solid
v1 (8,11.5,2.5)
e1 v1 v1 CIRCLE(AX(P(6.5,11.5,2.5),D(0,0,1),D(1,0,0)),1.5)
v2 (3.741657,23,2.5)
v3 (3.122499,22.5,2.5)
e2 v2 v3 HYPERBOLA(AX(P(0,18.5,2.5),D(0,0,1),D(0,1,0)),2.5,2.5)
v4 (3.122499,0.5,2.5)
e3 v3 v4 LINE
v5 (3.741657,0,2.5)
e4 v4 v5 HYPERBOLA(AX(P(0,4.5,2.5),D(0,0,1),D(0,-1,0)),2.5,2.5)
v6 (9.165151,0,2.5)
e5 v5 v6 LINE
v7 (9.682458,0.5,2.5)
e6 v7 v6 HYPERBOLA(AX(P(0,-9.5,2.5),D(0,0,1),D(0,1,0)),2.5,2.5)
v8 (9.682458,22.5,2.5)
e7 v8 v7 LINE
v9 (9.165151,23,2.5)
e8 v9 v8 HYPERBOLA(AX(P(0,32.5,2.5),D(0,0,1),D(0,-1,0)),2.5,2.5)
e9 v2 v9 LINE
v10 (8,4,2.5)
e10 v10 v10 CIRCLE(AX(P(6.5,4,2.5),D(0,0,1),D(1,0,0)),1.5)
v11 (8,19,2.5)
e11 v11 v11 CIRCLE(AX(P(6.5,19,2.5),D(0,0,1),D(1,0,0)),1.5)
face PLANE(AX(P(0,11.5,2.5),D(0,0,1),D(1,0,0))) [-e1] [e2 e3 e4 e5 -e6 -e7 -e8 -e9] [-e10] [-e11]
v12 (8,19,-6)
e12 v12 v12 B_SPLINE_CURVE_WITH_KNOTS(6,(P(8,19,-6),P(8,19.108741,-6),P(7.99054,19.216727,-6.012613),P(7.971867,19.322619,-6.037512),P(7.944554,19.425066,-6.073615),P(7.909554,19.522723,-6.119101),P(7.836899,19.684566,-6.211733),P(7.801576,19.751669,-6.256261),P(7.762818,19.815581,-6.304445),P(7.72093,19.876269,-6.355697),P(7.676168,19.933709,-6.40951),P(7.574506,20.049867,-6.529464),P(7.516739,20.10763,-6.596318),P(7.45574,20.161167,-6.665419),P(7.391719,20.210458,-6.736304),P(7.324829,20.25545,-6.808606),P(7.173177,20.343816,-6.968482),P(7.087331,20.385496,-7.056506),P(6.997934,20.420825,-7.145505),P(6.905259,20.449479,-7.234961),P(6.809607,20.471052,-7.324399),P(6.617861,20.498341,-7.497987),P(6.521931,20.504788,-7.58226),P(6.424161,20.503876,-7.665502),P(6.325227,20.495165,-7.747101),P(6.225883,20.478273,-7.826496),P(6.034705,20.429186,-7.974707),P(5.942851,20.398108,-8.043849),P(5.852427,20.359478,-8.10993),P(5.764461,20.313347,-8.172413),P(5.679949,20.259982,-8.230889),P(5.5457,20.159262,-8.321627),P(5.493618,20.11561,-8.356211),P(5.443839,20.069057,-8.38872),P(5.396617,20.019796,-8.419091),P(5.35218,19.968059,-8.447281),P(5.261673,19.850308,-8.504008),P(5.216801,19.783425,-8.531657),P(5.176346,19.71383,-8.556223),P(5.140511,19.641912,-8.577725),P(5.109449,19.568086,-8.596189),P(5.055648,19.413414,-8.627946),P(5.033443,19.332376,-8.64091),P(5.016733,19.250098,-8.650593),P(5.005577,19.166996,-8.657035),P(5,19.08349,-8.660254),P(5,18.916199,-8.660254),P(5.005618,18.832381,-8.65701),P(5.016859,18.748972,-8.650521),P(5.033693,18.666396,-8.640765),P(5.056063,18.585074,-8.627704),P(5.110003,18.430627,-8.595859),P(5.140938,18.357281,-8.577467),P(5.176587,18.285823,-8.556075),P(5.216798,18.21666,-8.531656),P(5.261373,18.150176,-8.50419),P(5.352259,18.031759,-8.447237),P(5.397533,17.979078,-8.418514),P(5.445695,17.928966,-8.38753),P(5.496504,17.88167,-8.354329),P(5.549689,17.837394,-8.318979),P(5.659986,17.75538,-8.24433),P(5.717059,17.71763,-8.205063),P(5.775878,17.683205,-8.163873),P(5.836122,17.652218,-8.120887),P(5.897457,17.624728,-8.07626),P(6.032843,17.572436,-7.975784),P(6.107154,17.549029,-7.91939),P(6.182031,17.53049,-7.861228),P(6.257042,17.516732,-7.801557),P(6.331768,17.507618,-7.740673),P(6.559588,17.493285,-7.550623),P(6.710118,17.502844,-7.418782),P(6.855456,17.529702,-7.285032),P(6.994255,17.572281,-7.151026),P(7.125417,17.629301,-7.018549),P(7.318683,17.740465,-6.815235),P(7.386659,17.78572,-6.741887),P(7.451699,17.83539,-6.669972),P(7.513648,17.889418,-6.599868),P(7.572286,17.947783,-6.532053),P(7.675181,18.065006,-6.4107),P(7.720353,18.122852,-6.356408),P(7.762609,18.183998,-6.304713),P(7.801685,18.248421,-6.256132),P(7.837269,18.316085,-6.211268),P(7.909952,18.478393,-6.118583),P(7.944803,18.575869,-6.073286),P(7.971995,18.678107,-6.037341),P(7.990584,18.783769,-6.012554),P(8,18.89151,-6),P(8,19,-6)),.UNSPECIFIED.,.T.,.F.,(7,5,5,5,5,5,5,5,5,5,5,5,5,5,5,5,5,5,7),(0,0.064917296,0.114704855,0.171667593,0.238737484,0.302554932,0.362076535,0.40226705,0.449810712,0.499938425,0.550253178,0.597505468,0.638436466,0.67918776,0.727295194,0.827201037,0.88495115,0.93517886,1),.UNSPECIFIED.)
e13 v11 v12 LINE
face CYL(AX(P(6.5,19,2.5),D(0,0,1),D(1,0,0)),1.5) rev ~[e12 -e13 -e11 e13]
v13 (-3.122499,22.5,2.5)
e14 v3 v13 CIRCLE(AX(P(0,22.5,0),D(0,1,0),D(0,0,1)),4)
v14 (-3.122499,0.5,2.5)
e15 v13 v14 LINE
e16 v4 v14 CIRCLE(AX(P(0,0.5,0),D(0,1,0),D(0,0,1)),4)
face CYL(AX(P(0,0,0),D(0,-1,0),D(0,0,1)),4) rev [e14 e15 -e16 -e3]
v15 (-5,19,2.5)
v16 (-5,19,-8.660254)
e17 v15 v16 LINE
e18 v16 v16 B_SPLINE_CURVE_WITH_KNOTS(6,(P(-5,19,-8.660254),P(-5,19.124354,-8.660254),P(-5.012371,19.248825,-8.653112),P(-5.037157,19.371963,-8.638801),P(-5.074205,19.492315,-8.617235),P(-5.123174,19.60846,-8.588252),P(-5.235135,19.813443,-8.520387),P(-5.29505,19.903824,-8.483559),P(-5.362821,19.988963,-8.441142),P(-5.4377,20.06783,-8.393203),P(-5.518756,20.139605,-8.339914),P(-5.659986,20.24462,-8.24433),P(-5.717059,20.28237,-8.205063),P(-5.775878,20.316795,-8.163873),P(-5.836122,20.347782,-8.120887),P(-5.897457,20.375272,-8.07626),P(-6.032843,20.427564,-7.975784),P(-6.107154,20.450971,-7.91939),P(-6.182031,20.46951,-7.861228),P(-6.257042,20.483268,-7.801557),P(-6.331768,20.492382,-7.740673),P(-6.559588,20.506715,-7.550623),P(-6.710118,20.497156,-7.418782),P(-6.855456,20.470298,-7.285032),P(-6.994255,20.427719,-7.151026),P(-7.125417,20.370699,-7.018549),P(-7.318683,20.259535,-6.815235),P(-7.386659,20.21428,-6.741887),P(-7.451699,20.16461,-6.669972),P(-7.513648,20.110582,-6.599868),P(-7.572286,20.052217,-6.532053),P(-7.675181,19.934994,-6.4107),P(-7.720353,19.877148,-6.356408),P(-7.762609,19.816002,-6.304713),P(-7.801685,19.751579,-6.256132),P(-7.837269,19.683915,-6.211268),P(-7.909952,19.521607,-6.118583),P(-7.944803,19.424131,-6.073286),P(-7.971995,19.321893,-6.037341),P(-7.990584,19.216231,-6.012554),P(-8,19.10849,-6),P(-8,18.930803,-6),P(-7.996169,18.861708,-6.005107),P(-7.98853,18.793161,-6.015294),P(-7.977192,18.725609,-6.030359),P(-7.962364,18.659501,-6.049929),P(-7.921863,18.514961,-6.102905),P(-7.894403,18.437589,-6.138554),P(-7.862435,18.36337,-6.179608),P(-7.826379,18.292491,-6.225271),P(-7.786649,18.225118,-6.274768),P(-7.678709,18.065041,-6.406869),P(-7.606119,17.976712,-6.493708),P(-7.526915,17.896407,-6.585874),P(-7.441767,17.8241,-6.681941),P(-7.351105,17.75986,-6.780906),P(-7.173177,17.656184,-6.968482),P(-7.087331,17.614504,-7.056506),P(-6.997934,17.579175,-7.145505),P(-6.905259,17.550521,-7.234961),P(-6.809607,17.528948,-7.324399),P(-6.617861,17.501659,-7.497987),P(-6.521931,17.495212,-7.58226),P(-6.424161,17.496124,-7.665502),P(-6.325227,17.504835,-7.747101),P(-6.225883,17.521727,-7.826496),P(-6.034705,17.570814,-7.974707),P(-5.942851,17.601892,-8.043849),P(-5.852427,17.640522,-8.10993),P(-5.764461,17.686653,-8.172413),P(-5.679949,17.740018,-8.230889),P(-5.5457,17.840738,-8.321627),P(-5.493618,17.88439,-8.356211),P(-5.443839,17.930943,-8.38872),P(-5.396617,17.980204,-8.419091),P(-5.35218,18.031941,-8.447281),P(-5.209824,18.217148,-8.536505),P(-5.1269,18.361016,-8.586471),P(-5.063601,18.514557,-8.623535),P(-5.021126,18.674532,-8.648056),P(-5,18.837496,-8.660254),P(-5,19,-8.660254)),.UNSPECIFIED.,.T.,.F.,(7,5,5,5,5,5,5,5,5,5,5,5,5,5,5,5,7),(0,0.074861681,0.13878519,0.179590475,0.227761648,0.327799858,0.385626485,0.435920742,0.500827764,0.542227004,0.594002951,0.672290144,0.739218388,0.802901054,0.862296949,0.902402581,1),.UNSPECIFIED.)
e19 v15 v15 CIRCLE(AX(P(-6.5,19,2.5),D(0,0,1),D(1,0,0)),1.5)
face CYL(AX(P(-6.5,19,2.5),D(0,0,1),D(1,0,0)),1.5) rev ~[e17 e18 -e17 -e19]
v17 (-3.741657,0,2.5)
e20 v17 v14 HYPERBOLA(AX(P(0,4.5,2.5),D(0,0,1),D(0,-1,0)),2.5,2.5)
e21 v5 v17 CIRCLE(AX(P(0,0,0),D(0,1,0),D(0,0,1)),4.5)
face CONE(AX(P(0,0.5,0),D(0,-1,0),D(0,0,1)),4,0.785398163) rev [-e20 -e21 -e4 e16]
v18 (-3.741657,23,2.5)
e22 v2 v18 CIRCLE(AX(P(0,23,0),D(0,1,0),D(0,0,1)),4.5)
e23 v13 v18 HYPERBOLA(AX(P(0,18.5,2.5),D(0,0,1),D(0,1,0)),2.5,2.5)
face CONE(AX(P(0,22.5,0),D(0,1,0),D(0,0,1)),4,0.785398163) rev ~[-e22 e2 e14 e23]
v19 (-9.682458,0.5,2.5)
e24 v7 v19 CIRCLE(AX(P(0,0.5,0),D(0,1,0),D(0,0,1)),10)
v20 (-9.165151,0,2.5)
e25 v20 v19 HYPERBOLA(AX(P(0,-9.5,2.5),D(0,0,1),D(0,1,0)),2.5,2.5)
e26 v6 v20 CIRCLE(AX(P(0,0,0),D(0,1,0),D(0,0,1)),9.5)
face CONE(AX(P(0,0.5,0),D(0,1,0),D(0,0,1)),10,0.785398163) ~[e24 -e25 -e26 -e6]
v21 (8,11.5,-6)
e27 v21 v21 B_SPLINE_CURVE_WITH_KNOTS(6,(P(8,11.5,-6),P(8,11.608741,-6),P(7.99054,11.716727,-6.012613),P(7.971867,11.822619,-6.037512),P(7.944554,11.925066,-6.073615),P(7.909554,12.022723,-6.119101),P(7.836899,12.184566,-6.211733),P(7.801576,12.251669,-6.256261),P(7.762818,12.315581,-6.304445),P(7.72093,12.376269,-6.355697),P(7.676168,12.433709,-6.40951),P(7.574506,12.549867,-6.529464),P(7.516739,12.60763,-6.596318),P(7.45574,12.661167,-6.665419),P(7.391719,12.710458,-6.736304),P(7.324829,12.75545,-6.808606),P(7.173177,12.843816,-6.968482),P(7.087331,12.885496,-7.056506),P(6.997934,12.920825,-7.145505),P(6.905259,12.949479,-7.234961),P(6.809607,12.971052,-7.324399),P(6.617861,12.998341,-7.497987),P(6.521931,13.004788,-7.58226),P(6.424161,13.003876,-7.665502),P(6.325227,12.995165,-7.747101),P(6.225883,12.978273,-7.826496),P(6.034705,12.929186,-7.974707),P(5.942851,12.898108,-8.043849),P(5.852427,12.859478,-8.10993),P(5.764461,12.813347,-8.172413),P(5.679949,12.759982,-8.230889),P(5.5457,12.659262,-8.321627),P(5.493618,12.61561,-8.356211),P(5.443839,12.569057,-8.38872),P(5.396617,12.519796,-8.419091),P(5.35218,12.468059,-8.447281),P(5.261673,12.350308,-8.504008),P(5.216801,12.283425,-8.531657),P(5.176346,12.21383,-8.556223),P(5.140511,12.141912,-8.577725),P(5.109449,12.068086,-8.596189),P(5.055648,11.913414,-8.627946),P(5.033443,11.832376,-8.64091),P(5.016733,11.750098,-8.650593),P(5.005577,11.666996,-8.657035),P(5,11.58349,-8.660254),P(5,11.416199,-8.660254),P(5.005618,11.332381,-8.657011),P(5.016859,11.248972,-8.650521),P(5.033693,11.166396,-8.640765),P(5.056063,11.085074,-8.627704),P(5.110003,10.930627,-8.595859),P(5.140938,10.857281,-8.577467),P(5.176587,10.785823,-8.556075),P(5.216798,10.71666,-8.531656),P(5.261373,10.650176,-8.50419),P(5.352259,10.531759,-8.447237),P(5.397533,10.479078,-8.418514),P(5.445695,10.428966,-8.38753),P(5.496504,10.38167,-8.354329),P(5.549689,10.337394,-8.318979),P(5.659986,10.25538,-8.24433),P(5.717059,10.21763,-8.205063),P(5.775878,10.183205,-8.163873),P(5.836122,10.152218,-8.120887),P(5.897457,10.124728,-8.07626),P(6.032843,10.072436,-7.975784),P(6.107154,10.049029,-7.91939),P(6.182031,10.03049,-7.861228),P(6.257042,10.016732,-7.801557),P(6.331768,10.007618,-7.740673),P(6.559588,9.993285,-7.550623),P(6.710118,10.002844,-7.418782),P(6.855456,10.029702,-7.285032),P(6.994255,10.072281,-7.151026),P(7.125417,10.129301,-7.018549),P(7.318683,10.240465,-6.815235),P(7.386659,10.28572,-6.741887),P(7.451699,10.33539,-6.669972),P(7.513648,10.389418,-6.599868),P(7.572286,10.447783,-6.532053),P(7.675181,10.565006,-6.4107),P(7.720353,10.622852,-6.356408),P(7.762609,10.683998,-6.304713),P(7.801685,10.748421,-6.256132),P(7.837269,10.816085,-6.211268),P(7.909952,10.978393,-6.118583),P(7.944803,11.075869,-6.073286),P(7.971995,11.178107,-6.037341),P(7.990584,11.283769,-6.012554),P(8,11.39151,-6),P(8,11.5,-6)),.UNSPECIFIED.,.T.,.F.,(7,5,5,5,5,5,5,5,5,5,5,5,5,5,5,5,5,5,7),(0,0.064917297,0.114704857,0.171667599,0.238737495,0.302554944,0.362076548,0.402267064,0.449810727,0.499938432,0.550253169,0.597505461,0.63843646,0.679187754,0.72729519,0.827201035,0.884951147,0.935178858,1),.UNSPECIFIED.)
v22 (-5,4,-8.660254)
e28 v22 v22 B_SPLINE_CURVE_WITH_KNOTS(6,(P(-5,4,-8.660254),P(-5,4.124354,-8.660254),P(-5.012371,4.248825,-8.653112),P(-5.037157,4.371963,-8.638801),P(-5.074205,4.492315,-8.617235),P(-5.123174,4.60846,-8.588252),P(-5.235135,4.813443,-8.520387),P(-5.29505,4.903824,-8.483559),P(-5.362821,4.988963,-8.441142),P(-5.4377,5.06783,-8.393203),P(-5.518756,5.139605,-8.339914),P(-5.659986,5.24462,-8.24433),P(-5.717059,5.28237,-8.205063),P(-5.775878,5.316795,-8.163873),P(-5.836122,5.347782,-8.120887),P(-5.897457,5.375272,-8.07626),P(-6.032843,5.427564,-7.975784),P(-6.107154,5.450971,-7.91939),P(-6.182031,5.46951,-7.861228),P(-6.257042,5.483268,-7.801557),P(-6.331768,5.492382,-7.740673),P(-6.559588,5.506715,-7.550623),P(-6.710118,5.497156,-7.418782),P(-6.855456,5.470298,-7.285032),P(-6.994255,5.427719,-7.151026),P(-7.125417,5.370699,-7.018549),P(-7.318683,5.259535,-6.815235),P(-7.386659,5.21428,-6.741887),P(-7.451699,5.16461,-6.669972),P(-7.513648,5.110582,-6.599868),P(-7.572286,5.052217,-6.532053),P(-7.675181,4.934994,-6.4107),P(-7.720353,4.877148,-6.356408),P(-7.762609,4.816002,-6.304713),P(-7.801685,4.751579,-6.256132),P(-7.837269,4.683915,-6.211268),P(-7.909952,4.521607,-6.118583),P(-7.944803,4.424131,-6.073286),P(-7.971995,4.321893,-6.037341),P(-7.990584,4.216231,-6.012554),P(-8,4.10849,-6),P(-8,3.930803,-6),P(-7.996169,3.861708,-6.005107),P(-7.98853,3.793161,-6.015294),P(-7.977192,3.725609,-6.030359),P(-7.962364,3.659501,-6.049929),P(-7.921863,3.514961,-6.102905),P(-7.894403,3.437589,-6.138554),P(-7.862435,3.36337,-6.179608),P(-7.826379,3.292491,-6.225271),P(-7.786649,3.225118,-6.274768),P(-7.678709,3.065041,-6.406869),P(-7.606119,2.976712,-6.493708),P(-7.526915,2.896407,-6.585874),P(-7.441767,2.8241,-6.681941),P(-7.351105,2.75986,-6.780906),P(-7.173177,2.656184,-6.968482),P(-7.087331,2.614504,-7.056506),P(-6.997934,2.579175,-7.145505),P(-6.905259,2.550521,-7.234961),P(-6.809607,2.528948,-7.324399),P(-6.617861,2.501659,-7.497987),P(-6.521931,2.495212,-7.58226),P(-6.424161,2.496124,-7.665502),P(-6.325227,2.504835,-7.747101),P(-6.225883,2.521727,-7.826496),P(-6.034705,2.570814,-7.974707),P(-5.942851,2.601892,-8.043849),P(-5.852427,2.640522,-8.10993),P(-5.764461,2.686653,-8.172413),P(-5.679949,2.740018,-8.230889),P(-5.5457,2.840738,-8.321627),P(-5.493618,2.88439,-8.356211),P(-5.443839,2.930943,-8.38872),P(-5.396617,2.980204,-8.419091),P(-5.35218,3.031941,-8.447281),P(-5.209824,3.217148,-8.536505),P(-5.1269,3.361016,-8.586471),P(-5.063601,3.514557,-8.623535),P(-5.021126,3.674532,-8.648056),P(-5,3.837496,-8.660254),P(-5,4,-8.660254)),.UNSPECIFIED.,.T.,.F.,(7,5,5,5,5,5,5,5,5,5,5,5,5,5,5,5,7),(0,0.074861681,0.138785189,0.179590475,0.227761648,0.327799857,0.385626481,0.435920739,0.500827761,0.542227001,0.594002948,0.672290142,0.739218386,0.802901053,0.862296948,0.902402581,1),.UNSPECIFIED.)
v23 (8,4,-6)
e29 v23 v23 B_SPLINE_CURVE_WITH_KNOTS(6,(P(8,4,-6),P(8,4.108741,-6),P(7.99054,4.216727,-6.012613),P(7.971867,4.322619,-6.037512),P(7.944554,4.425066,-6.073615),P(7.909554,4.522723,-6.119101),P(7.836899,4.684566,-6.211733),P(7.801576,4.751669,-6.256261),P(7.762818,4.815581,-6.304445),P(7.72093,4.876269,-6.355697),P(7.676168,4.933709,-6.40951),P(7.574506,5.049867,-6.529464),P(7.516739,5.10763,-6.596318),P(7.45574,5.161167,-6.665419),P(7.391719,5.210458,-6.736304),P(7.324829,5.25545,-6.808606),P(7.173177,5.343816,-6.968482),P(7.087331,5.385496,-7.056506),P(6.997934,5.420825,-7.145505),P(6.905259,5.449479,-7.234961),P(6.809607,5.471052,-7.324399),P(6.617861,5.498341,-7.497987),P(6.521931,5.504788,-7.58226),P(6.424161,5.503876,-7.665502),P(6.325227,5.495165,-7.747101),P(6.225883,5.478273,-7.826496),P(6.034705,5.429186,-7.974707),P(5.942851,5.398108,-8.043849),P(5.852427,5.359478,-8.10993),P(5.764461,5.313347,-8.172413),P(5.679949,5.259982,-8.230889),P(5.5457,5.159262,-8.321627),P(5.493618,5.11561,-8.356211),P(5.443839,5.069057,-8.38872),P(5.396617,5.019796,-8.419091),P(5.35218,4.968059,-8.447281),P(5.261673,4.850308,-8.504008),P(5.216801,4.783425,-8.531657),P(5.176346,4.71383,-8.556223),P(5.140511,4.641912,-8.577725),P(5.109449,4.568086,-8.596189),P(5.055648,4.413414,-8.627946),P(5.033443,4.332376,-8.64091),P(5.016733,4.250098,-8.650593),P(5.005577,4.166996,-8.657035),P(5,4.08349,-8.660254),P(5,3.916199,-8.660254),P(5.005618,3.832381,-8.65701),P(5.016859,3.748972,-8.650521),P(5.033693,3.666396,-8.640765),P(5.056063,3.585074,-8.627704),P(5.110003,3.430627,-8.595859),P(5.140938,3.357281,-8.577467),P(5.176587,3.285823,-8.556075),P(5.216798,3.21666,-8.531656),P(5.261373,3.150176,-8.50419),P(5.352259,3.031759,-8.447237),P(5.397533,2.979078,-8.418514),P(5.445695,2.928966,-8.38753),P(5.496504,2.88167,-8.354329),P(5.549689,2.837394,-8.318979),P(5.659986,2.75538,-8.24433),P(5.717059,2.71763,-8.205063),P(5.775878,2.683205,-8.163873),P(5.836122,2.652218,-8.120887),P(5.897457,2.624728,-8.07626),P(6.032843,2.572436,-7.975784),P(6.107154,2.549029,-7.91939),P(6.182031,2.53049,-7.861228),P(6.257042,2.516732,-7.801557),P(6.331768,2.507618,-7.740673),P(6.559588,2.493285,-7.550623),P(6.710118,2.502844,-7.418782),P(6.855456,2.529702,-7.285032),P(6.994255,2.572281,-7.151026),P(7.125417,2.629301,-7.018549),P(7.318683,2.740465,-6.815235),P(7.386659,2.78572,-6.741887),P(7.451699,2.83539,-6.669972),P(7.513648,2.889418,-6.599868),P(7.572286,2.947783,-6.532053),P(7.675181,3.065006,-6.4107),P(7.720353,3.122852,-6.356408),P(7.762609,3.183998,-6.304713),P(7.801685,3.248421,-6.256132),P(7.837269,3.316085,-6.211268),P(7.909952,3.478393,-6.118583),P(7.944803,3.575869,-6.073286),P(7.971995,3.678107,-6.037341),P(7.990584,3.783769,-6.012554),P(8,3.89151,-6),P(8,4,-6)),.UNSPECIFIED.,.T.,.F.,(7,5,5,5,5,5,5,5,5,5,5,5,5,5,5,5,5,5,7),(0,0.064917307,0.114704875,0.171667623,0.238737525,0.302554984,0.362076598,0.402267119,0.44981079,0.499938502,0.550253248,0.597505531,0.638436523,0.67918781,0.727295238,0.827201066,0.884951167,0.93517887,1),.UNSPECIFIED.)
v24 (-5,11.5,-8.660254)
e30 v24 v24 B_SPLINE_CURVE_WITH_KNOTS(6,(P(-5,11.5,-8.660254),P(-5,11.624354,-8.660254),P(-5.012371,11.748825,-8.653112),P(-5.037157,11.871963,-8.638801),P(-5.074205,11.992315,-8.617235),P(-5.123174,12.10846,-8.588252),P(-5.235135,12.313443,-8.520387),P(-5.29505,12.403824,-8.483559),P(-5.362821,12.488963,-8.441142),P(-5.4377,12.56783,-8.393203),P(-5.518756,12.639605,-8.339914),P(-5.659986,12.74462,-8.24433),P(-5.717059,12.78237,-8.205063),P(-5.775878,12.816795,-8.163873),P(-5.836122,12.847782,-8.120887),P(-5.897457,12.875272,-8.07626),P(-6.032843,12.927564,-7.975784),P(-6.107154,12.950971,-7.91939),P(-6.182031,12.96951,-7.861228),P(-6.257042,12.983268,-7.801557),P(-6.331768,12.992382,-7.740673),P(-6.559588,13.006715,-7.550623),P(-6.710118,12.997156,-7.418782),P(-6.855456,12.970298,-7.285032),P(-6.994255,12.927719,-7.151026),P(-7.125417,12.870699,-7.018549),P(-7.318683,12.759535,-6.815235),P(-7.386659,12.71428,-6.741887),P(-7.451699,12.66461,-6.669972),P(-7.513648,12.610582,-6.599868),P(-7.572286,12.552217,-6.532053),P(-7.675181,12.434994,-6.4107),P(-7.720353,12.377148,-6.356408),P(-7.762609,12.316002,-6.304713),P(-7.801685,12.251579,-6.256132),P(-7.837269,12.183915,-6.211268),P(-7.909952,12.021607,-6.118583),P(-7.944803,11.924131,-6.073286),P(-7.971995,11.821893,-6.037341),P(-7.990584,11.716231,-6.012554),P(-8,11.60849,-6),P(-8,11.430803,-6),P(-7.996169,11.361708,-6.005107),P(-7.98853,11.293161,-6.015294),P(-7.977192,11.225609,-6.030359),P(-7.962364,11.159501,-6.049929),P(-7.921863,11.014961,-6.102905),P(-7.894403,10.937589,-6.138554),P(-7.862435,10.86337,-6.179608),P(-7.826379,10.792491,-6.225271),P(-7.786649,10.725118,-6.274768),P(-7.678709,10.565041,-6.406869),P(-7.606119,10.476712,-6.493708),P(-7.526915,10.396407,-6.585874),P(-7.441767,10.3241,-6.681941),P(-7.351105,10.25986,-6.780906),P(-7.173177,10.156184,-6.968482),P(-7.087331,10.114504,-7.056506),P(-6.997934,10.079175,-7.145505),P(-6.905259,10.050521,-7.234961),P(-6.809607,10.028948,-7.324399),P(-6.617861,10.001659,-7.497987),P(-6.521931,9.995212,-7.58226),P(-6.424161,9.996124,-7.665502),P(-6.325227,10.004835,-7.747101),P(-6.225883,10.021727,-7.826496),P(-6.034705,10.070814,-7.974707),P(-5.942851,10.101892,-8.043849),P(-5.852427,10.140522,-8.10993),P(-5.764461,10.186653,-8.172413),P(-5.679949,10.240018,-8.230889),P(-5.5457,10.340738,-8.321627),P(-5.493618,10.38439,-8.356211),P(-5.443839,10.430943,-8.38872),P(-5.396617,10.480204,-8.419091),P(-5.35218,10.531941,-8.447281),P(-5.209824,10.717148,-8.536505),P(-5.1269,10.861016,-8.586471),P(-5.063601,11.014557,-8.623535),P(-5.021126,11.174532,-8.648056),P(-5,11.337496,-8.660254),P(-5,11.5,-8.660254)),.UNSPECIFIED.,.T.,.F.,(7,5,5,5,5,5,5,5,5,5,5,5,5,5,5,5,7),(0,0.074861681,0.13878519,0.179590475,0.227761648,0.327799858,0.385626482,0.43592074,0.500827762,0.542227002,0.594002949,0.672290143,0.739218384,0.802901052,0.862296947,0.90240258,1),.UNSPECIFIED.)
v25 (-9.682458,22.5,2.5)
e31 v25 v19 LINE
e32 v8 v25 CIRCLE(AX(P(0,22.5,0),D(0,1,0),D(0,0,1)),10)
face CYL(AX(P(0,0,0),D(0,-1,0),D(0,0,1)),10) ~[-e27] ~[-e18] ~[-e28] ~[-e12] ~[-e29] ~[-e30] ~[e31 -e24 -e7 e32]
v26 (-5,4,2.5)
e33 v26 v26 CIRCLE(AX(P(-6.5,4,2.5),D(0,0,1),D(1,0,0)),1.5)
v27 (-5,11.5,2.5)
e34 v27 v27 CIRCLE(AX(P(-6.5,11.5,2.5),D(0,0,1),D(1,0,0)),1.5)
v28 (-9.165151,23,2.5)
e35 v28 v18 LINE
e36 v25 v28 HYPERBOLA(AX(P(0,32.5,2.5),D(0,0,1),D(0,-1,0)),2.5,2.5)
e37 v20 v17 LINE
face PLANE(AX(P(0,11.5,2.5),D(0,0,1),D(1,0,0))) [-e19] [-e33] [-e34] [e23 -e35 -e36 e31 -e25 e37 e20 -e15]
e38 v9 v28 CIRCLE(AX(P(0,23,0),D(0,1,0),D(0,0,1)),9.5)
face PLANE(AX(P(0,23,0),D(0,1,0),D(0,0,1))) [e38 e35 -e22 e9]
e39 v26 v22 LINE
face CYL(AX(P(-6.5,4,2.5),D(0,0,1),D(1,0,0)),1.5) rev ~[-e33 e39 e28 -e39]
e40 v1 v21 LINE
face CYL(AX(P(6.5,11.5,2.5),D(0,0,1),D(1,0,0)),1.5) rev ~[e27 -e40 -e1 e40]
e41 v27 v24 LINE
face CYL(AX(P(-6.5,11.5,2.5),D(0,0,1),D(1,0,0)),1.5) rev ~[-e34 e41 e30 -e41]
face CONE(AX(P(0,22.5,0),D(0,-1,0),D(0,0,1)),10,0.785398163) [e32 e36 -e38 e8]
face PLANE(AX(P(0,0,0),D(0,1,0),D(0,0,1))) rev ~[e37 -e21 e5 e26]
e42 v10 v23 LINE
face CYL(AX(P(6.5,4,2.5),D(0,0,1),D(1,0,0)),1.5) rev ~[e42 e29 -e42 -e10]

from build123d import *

# Parameters (mm, degrees)
SKETCH_1_R          = 10
SKETCH_1_R_2        = 4
EXTRUDE_1_DEPTH     = 23
CHAMFER_1_SIZE      = 0.5
SKETCH_2_W          = 20
SKETCH_2_H          = 23
CUT_EXTRUDE_1_DEPTH = 23
SKETCH_3_R          = 1.5
CUT_EXTRUDE_2_DEPTH = 29.022312538


with BuildPart() as part:
    # 草图1 → 凸台-拉伸1 (new body)
    with BuildSketch(Plane(origin=(0, 0, 0), x_dir=(1, 0, 0), z_dir=(0, 1, 0))):
        with Locations(Location((0, 0, 0), (0, 0, 270))):
            Circle(SKETCH_1_R)
        with Locations(Location((0, 0, 0), (0, 0, 270))):
            Circle(SKETCH_1_R_2, mode=Mode.SUBTRACT)
    extrude(amount=EXTRUDE_1_DEPTH)

    # 倒角1
    chamfer_1_edges = [part.edges().sort_by_distance(p)[0] for p in [
        (0, 0, -10),
        (0, 23, -10),
        (0, 0, -4),
        (0, 23, -4),
    ]]
    chamfer(chamfer_1_edges, length=CHAMFER_1_SIZE)

    # 草图2 → 切除-拉伸1 (cut)
    with BuildSketch(Plane.XY.offset(2.5)):
        with Locations((0, 11.5)):
            Rectangle(SKETCH_2_W, SKETCH_2_H)
    extrude(amount=CUT_EXTRUDE_1_DEPTH, mode=Mode.SUBTRACT)

    # 草图3 → 切除-拉伸2 (cut, through all)
    with BuildSketch(Plane.XY.offset(2.5)):
        with Locations((-6.5, 11.5)):
            Circle(SKETCH_3_R)
        with Locations((-6.5, 4)):
            Circle(SKETCH_3_R)
        with Locations((-6.5, 19)):
            Circle(SKETCH_3_R)
        with Locations((6.5, 19)):
            Circle(SKETCH_3_R)
        with Locations((6.5, 4)):
            Circle(SKETCH_3_R)
        with Locations((6.5, 11.5)):
            Circle(SKETCH_3_R)
    extrude(amount=-CUT_EXTRUDE_2_DEPTH, mode=Mode.SUBTRACT)


solid = part.part
